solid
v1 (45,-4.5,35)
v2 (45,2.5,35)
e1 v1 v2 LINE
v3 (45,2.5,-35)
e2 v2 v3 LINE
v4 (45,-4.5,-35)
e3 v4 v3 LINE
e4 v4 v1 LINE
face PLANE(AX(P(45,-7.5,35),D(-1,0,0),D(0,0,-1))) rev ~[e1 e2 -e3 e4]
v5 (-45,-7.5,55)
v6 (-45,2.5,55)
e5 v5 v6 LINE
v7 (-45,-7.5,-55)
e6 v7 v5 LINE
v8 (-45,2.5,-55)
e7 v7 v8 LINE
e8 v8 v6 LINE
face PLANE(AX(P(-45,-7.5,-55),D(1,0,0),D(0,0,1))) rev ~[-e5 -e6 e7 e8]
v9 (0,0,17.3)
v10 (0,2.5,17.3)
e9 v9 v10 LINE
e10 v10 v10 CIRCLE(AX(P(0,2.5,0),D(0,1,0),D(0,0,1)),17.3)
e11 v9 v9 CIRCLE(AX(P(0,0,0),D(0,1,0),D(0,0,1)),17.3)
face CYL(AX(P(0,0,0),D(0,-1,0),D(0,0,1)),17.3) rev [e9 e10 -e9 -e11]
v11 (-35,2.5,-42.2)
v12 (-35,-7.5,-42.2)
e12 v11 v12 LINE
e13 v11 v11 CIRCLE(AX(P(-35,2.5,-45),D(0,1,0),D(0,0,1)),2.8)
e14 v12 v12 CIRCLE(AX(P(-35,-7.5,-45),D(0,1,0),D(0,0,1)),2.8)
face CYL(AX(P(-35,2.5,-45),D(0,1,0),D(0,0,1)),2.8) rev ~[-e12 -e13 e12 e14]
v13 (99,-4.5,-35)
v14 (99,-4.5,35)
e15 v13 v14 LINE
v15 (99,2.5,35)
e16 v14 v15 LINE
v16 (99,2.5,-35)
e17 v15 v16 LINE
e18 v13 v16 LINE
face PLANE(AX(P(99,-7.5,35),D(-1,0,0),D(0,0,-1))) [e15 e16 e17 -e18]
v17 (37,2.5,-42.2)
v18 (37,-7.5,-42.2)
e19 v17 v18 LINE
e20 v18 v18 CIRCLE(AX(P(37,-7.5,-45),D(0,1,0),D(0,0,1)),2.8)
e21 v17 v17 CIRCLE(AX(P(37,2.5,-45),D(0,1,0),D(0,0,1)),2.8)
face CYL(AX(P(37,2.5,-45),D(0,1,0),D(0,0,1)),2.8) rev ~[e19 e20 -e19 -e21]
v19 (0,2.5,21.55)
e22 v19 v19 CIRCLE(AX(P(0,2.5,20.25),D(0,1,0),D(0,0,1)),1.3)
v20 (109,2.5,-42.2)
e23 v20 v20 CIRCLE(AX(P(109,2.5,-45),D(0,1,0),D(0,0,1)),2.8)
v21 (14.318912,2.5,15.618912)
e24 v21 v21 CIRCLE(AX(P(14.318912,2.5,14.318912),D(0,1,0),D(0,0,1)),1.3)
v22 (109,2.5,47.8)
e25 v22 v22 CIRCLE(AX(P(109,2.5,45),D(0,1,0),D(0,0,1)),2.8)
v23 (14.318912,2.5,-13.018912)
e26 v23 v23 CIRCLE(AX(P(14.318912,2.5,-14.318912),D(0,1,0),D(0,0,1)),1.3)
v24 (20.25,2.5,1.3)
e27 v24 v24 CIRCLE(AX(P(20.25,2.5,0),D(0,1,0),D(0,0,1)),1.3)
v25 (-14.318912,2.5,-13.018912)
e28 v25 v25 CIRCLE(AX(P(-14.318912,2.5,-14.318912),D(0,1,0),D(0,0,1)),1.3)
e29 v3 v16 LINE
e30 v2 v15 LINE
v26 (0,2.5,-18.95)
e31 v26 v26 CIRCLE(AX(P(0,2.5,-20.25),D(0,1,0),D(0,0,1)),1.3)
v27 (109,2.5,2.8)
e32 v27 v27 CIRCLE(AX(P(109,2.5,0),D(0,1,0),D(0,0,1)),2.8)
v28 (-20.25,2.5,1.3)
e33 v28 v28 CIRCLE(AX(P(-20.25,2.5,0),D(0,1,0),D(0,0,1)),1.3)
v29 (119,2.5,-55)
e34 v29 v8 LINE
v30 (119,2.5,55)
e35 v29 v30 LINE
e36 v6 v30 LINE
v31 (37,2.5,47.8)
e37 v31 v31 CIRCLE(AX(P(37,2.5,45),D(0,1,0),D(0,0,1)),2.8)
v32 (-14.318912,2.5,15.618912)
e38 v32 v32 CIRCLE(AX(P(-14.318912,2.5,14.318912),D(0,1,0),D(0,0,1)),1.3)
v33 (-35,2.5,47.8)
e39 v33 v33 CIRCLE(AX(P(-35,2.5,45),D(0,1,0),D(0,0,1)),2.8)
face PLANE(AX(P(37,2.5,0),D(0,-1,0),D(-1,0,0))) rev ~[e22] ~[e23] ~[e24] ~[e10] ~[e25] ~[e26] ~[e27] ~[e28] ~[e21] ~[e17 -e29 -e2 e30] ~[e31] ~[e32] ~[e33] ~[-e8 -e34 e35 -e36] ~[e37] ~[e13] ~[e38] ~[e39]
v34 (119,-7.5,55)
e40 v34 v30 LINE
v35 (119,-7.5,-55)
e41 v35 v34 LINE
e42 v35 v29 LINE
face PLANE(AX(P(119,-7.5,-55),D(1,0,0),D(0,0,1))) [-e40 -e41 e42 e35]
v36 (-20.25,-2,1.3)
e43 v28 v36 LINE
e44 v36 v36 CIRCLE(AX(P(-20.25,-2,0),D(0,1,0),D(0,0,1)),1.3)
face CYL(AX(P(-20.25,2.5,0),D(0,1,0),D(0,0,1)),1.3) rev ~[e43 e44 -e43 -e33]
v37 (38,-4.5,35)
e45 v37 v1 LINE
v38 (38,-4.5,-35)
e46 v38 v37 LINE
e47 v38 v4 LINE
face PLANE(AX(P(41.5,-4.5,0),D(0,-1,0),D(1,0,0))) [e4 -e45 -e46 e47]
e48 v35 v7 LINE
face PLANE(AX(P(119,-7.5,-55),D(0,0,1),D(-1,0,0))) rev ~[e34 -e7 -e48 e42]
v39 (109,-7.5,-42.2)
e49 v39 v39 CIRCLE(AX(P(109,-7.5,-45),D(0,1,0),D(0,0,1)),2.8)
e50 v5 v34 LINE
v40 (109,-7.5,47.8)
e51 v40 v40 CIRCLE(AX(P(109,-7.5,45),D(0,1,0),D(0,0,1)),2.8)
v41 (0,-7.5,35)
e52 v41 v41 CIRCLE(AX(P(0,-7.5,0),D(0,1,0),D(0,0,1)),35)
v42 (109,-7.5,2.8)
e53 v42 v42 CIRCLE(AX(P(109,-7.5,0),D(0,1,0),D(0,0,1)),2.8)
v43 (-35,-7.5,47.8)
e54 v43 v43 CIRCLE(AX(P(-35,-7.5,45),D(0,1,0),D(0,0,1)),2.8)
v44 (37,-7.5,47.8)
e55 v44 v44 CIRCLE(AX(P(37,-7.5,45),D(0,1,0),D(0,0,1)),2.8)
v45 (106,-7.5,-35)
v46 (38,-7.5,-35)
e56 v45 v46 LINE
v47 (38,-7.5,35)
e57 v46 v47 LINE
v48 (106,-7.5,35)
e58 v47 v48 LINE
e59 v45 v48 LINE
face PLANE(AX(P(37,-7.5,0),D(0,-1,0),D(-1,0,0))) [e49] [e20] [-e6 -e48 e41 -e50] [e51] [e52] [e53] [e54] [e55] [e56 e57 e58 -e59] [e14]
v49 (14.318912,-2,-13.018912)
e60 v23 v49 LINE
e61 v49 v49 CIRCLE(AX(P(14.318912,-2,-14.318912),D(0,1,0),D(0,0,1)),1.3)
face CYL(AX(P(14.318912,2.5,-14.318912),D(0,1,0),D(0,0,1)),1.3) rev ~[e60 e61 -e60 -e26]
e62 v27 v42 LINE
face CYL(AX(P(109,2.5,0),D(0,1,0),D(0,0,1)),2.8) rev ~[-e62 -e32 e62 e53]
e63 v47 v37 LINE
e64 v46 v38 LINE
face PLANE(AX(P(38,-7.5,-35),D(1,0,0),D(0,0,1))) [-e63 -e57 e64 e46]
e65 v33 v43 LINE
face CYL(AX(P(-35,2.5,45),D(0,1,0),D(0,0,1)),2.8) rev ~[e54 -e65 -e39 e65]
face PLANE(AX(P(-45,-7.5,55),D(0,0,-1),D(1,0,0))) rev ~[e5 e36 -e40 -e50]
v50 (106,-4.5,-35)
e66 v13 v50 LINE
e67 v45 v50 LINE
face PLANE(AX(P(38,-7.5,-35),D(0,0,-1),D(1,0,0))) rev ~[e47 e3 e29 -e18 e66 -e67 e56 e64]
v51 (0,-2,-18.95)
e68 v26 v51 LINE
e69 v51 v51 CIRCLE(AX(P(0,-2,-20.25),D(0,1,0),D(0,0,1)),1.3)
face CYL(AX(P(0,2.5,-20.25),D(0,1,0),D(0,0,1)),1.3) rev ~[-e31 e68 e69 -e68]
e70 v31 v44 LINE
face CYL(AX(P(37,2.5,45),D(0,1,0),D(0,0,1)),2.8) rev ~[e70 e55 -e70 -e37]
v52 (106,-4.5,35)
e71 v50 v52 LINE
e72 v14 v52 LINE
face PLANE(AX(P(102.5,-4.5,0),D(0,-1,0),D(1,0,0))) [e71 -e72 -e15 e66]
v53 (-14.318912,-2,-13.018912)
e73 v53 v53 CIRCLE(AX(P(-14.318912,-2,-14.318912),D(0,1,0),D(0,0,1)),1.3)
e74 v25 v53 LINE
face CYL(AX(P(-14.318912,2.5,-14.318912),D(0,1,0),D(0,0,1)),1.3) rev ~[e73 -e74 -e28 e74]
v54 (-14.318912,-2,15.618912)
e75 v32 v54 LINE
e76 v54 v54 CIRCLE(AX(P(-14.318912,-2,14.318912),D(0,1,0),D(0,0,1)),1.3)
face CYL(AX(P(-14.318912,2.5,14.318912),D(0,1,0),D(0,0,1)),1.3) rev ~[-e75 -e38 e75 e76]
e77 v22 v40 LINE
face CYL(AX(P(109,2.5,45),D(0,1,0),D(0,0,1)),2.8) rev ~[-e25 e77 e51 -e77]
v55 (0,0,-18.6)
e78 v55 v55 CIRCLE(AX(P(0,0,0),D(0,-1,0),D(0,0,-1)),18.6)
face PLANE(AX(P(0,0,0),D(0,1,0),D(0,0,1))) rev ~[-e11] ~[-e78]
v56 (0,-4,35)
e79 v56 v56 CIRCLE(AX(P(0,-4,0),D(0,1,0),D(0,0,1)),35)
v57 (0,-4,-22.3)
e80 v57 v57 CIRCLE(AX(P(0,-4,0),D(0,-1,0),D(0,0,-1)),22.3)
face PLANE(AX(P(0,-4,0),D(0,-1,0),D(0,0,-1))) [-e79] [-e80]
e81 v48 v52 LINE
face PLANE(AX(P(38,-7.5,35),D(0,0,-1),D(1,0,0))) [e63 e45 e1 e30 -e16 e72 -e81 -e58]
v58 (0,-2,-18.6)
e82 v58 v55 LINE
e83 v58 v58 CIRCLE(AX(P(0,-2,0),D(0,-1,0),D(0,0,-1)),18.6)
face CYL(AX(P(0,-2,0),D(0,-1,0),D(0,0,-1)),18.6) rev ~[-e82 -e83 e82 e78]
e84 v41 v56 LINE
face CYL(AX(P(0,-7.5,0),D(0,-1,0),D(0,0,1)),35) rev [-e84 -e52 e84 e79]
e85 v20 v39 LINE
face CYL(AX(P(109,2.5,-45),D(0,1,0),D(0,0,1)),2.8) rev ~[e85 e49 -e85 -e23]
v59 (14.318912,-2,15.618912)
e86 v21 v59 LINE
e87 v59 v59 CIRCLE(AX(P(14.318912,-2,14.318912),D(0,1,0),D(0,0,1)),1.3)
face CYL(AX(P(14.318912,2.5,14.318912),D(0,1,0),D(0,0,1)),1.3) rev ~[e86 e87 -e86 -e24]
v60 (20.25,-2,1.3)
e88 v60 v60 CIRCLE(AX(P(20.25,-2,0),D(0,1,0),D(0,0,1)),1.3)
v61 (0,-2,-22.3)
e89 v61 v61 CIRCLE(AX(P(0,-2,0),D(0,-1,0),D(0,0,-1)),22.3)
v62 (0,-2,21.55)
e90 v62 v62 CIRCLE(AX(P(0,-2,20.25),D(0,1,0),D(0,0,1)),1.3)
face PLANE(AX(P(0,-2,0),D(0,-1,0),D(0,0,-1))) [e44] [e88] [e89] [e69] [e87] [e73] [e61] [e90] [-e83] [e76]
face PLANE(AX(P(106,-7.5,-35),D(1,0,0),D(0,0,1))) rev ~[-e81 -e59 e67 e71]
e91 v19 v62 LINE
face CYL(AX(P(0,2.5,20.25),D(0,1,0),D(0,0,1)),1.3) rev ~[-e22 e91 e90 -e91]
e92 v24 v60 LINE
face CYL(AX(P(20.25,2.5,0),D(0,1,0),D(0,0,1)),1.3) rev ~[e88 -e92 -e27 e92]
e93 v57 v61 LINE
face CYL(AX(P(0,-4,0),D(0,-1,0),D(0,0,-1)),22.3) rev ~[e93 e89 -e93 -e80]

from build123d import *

# Parameters (mm, degrees)
SKETCH1_R           = 35
SKETCH1_R_2         = 17.3
BOSS_EXTRUDE1_DEPTH = 2.5
BOSS_EXTRUDE2_START = 2
SKETCH3_R           = 35
SKETCH3_R_2         = 18.6
BOSS_EXTRUDE2_DEPTH = 2
BOSS_EXTRUDE3_START = 2
SKETCH4_R           = 35
SKETCH4_R_2         = 22.3
BOSS_EXTRUDE3_DEPTH = 2
CUT_EXTRUDE1_REACH  = 51.922
SKETCH6_R           = 1.3
BOSS_EXTRUDE6_START = -10
SKETCH7_R           = 35
SKETCH7_W           = 54
SKETCH7_H           = 70
BOSS_EXTRUDE6_DEPTH = 10
SKETCH8_W           = 7
SKETCH8_H           = 70
CUT_EXTRUDE3_DEPTH  = 3
CUT_EXTRUDE4_REACH  = 133.476
SKETCH10_R          = 2.8


with BuildPart() as part:
    # Sketch1 → Boss-Extrude1 (new body)
    with BuildSketch(Plane(origin=(0, 0, 0), x_dir=(1, 0, 0), z_dir=(0, 1, 0))):
        with Locations(Location((0, 0, 0), (0, 0, 270))):
            Circle(SKETCH1_R)
        with Locations(Location((0, 0, 0), (0, 0, 270))):
            Circle(SKETCH1_R_2, mode=Mode.SUBTRACT)
    extrude(amount=BOSS_EXTRUDE1_DEPTH)

    # Sketch3 → Boss-Extrude2 (add)
    with BuildSketch(Plane.XZ.offset(BOSS_EXTRUDE2_START)):
        with Locations(Location((0, 0, 0), (0, 0, 270))):
            Circle(SKETCH3_R)
        with Locations(Location((0, 0, 0), (0, 0, 270))):
            Circle(SKETCH3_R_2, mode=Mode.SUBTRACT)
    extrude(amount=-BOSS_EXTRUDE2_DEPTH)

    # Sketch4 → Boss-Extrude3 (add)
    with BuildSketch(Plane.XZ.offset(2).offset(BOSS_EXTRUDE3_START)):
        with Locations(Location((0, 0, 0), (0, 0, 270))):
            Circle(SKETCH4_R)
        with Locations(Location((0, 0, 0), (0, 0, 270))):
            Circle(SKETCH4_R_2, mode=Mode.SUBTRACT)
    extrude(amount=-BOSS_EXTRUDE3_DEPTH)

    # Sketch6 → Cut-Extrude1 (cut, up to next)
    with BuildSketch(Plane(origin=(0, 2.5, 0), x_dir=(1, 0, 0), z_dir=(0, 1, 0)), mode=Mode.PRIVATE) as cut_extrude1_sk1:
        with Locations(Location((0, 20.25, 0), (0, 0, 270))):
            Circle(SKETCH6_R)
    cut_extrude1_tool1 = extrude(cut_extrude1_sk1.sketch, amount=-CUT_EXTRUDE1_REACH, mode=Mode.PRIVATE) & part.part
    # Sketch6 → Cut-Extrude1 (cut, up to next)
    with BuildSketch(Plane(origin=(0, 2.5, 0), x_dir=(1, 0, 0), z_dir=(0, 1, 0)), mode=Mode.PRIVATE) as cut_extrude1_sk2:
        with Locations(Location((14.318912319, 14.318912319, 0), (0, 0, 270))):
            Circle(SKETCH6_R)
    cut_extrude1_tool2 = extrude(cut_extrude1_sk2.sketch, amount=-CUT_EXTRUDE1_REACH, mode=Mode.PRIVATE) & part.part
    # Sketch6 → Cut-Extrude1 (cut, up to next)
    with BuildSketch(Plane(origin=(0, 2.5, 0), x_dir=(1, 0, 0), z_dir=(0, 1, 0)), mode=Mode.PRIVATE) as cut_extrude1_sk3:
        with Locations(Location((20.25, 0, 0), (0, 0, 270))):
            Circle(SKETCH6_R)
    cut_extrude1_tool3 = extrude(cut_extrude1_sk3.sketch, amount=-CUT_EXTRUDE1_REACH, mode=Mode.PRIVATE) & part.part
    # Sketch6 → Cut-Extrude1 (cut, up to next)
    with BuildSketch(Plane(origin=(0, 2.5, 0), x_dir=(1, 0, 0), z_dir=(0, 1, 0)), mode=Mode.PRIVATE) as cut_extrude1_sk4:
        with Locations(Location((14.318912319, -14.318912319, 0), (0, 0, 270))):
            Circle(SKETCH6_R)
    cut_extrude1_tool4 = extrude(cut_extrude1_sk4.sketch, amount=-CUT_EXTRUDE1_REACH, mode=Mode.PRIVATE) & part.part
    # Sketch6 → Cut-Extrude1 (cut, up to next)
    with BuildSketch(Plane(origin=(0, 2.5, 0), x_dir=(1, 0, 0), z_dir=(0, 1, 0)), mode=Mode.PRIVATE) as cut_extrude1_sk5:
        with Locations(Location((0, -20.25, 0), (0, 0, 270))):
            Circle(SKETCH6_R)
    cut_extrude1_tool5 = extrude(cut_extrude1_sk5.sketch, amount=-CUT_EXTRUDE1_REACH, mode=Mode.PRIVATE) & part.part
    # Sketch6 → Cut-Extrude1 (cut, up to next)
    with BuildSketch(Plane(origin=(0, 2.5, 0), x_dir=(1, 0, 0), z_dir=(0, 1, 0)), mode=Mode.PRIVATE) as cut_extrude1_sk6:
        with Locations(Location((-14.318912319, -14.318912319, 0), (0, 0, 270))):
            Circle(SKETCH6_R)
    cut_extrude1_tool6 = extrude(cut_extrude1_sk6.sketch, amount=-CUT_EXTRUDE1_REACH, mode=Mode.PRIVATE) & part.part
    # Sketch6 → Cut-Extrude1 (cut, up to next)
    with BuildSketch(Plane(origin=(0, 2.5, 0), x_dir=(1, 0, 0), z_dir=(0, 1, 0)), mode=Mode.PRIVATE) as cut_extrude1_sk7:
        with Locations(Location((-20.25, 0, 0), (0, 0, 270))):
            Circle(SKETCH6_R)
    cut_extrude1_tool7 = extrude(cut_extrude1_sk7.sketch, amount=-CUT_EXTRUDE1_REACH, mode=Mode.PRIVATE) & part.part
    # Sketch6 → Cut-Extrude1 (cut, up to next)
    with BuildSketch(Plane(origin=(0, 2.5, 0), x_dir=(1, 0, 0), z_dir=(0, 1, 0)), mode=Mode.PRIVATE) as cut_extrude1_sk8:
        with Locations(Location((-14.318912319, 14.318912319, 0), (0, 0, 270))):
            Circle(SKETCH6_R)
    cut_extrude1_tool8 = extrude(cut_extrude1_sk8.sketch, amount=-CUT_EXTRUDE1_REACH, mode=Mode.PRIVATE) & part.part
    add(cut_extrude1_tool1.solids().sort_by_distance((0, 2.5, -20.25))[0], mode=Mode.SUBTRACT)
    add(cut_extrude1_tool2.solids().sort_by_distance((14.318912, 2.5, -14.318912))[0], mode=Mode.SUBTRACT)
    add(cut_extrude1_tool3.solids().sort_by_distance((20.25, 2.5, 0))[0], mode=Mode.SUBTRACT)
    add(cut_extrude1_tool4.solids().sort_by_distance((14.318912, 2.5, 14.318912))[0], mode=Mode.SUBTRACT)
    add(cut_extrude1_tool5.solids().sort_by_distance((0, 2.5, 20.25))[0], mode=Mode.SUBTRACT)
    add(cut_extrude1_tool6.solids().sort_by_distance((-14.318912, 2.5, 14.318912))[0], mode=Mode.SUBTRACT)
    add(cut_extrude1_tool7.solids().sort_by_distance((-20.25, 2.5, 0))[0], mode=Mode.SUBTRACT)
    add(cut_extrude1_tool8.solids().sort_by_distance((-14.318912, 2.5, -14.318912))[0], mode=Mode.SUBTRACT)

    # Sketch7 → Boss-Extrude6 (add)
    with BuildSketch(Plane(origin=(0, 2.5, 0), x_dir=(1, 0, 0), z_dir=(0, 1, 0)).offset(BOSS_EXTRUDE6_START)):
        Polygon((-45, 55), (99, 55), (119, 55), (119, -55), (99, -55), (-35, -55), (-45, -55), (-45, 35), align=None)
        with Locations(Location((0, 0, 0), (0, 0, 270))):
            Circle(SKETCH7_R, mode=Mode.SUBTRACT)
        with Locations((72, 0)):
            Rectangle(SKETCH7_W, SKETCH7_H, mode=Mode.SUBTRACT)
    extrude(amount=BOSS_EXTRUDE6_DEPTH)

    # Sketch8 → Cut-Extrude3 (cut)
    with BuildSketch(Plane.XZ.offset(7.5)):
        with Locations((102.5, 0)):
            Rectangle(SKETCH8_W, SKETCH8_H)
        with Locations((41.5, 0)):
            Rectangle(SKETCH8_W, SKETCH8_H)
    extrude(amount=-CUT_EXTRUDE3_DEPTH, mode=Mode.SUBTRACT)

    # Sketch10 → Cut-Extrude4 (cut, up to next)
    with BuildSketch(Plane(origin=(0, 2.5, 0), x_dir=(1, 0, 0), z_dir=(0, 1, 0)), mode=Mode.PRIVATE) as cut_extrude4_sk1:
        with Locations(Location((37, 45, 0), (0, 0, 270))):
            Circle(SKETCH10_R)
    cut_extrude4_tool1 = extrude(cut_extrude4_sk1.sketch, amount=-CUT_EXTRUDE4_REACH, mode=Mode.PRIVATE) & part.part
    # Sketch10 → Cut-Extrude4 (cut, up to next)
    with BuildSketch(Plane(origin=(0, 2.5, 0), x_dir=(1, 0, 0), z_dir=(0, 1, 0)), mode=Mode.PRIVATE) as cut_extrude4_sk2:
        with Locations(Location((-35, 45, 0), (0, 0, 270))):
            Circle(SKETCH10_R)
    cut_extrude4_tool2 = extrude(cut_extrude4_sk2.sketch, amount=-CUT_EXTRUDE4_REACH, mode=Mode.PRIVATE) & part.part
    # Sketch10 → Cut-Extrude4 (cut, up to next)
    with BuildSketch(Plane(origin=(0, 2.5, 0), x_dir=(1, 0, 0), z_dir=(0, 1, 0)), mode=Mode.PRIVATE) as cut_extrude4_sk3:
        with Locations(Location((-35, -45, 0), (0, 0, 270))):
            Circle(SKETCH10_R)
    cut_extrude4_tool3 = extrude(cut_extrude4_sk3.sketch, amount=-CUT_EXTRUDE4_REACH, mode=Mode.PRIVATE) & part.part
    # Sketch10 → Cut-Extrude4 (cut, up to next)
    with BuildSketch(Plane(origin=(0, 2.5, 0), x_dir=(1, 0, 0), z_dir=(0, 1, 0)), mode=Mode.PRIVATE) as cut_extrude4_sk4:
        with Locations(Location((37, -45, 0), (0, 0, 270))):
            Circle(SKETCH10_R)
    cut_extrude4_tool4 = extrude(cut_extrude4_sk4.sketch, amount=-CUT_EXTRUDE4_REACH, mode=Mode.PRIVATE) & part.part
    # Sketch10 → Cut-Extrude4 (cut, up to next)
    with BuildSketch(Plane(origin=(0, 2.5, 0), x_dir=(1, 0, 0), z_dir=(0, 1, 0)), mode=Mode.PRIVATE) as cut_extrude4_sk5:
        with Locations(Location((109, 45, 0), (0, 0, 270))):
            Circle(SKETCH10_R)
    cut_extrude4_tool5 = extrude(cut_extrude4_sk5.sketch, amount=-CUT_EXTRUDE4_REACH, mode=Mode.PRIVATE) & part.part
    # Sketch10 → Cut-Extrude4 (cut, up to next)
    with BuildSketch(Plane(origin=(0, 2.5, 0), x_dir=(1, 0, 0), z_dir=(0, 1, 0)), mode=Mode.PRIVATE) as cut_extrude4_sk6:
        with Locations(Location((109, -45, 0), (0, 0, 270))):
            Circle(SKETCH10_R)
    cut_extrude4_tool6 = extrude(cut_extrude4_sk6.sketch, amount=-CUT_EXTRUDE4_REACH, mode=Mode.PRIVATE) & part.part
    # Sketch10 → Cut-Extrude4 (cut, up to next)
    with BuildSketch(Plane(origin=(0, 2.5, 0), x_dir=(1, 0, 0), z_dir=(0, 1, 0)), mode=Mode.PRIVATE) as cut_extrude4_sk7:
        with Locations(Location((109, 0, 0), (0, 0, 270))):
            Circle(SKETCH10_R)
    cut_extrude4_tool7 = extrude(cut_extrude4_sk7.sketch, amount=-CUT_EXTRUDE4_REACH, mode=Mode.PRIVATE) & part.part
    add(cut_extrude4_tool1.solids().sort_by_distance((37, 2.5, -45))[0], mode=Mode.SUBTRACT)
    add(cut_extrude4_tool2.solids().sort_by_distance((-35, 2.5, -45))[0], mode=Mode.SUBTRACT)
    add(cut_extrude4_tool3.solids().sort_by_distance((-35, 2.5, 45))[0], mode=Mode.SUBTRACT)
    add(cut_extrude4_tool4.solids().sort_by_distance((37, 2.5, 45))[0], mode=Mode.SUBTRACT)
    add(cut_extrude4_tool5.solids().sort_by_distance((109, 2.5, -45))[0], mode=Mode.SUBTRACT)
    add(cut_extrude4_tool6.solids().sort_by_distance((109, 2.5, 45))[0], mode=Mode.SUBTRACT)
    add(cut_extrude4_tool7.solids().sort_by_distance((109, 2.5, 0))[0], mode=Mode.SUBTRACT)


solid = part.part
